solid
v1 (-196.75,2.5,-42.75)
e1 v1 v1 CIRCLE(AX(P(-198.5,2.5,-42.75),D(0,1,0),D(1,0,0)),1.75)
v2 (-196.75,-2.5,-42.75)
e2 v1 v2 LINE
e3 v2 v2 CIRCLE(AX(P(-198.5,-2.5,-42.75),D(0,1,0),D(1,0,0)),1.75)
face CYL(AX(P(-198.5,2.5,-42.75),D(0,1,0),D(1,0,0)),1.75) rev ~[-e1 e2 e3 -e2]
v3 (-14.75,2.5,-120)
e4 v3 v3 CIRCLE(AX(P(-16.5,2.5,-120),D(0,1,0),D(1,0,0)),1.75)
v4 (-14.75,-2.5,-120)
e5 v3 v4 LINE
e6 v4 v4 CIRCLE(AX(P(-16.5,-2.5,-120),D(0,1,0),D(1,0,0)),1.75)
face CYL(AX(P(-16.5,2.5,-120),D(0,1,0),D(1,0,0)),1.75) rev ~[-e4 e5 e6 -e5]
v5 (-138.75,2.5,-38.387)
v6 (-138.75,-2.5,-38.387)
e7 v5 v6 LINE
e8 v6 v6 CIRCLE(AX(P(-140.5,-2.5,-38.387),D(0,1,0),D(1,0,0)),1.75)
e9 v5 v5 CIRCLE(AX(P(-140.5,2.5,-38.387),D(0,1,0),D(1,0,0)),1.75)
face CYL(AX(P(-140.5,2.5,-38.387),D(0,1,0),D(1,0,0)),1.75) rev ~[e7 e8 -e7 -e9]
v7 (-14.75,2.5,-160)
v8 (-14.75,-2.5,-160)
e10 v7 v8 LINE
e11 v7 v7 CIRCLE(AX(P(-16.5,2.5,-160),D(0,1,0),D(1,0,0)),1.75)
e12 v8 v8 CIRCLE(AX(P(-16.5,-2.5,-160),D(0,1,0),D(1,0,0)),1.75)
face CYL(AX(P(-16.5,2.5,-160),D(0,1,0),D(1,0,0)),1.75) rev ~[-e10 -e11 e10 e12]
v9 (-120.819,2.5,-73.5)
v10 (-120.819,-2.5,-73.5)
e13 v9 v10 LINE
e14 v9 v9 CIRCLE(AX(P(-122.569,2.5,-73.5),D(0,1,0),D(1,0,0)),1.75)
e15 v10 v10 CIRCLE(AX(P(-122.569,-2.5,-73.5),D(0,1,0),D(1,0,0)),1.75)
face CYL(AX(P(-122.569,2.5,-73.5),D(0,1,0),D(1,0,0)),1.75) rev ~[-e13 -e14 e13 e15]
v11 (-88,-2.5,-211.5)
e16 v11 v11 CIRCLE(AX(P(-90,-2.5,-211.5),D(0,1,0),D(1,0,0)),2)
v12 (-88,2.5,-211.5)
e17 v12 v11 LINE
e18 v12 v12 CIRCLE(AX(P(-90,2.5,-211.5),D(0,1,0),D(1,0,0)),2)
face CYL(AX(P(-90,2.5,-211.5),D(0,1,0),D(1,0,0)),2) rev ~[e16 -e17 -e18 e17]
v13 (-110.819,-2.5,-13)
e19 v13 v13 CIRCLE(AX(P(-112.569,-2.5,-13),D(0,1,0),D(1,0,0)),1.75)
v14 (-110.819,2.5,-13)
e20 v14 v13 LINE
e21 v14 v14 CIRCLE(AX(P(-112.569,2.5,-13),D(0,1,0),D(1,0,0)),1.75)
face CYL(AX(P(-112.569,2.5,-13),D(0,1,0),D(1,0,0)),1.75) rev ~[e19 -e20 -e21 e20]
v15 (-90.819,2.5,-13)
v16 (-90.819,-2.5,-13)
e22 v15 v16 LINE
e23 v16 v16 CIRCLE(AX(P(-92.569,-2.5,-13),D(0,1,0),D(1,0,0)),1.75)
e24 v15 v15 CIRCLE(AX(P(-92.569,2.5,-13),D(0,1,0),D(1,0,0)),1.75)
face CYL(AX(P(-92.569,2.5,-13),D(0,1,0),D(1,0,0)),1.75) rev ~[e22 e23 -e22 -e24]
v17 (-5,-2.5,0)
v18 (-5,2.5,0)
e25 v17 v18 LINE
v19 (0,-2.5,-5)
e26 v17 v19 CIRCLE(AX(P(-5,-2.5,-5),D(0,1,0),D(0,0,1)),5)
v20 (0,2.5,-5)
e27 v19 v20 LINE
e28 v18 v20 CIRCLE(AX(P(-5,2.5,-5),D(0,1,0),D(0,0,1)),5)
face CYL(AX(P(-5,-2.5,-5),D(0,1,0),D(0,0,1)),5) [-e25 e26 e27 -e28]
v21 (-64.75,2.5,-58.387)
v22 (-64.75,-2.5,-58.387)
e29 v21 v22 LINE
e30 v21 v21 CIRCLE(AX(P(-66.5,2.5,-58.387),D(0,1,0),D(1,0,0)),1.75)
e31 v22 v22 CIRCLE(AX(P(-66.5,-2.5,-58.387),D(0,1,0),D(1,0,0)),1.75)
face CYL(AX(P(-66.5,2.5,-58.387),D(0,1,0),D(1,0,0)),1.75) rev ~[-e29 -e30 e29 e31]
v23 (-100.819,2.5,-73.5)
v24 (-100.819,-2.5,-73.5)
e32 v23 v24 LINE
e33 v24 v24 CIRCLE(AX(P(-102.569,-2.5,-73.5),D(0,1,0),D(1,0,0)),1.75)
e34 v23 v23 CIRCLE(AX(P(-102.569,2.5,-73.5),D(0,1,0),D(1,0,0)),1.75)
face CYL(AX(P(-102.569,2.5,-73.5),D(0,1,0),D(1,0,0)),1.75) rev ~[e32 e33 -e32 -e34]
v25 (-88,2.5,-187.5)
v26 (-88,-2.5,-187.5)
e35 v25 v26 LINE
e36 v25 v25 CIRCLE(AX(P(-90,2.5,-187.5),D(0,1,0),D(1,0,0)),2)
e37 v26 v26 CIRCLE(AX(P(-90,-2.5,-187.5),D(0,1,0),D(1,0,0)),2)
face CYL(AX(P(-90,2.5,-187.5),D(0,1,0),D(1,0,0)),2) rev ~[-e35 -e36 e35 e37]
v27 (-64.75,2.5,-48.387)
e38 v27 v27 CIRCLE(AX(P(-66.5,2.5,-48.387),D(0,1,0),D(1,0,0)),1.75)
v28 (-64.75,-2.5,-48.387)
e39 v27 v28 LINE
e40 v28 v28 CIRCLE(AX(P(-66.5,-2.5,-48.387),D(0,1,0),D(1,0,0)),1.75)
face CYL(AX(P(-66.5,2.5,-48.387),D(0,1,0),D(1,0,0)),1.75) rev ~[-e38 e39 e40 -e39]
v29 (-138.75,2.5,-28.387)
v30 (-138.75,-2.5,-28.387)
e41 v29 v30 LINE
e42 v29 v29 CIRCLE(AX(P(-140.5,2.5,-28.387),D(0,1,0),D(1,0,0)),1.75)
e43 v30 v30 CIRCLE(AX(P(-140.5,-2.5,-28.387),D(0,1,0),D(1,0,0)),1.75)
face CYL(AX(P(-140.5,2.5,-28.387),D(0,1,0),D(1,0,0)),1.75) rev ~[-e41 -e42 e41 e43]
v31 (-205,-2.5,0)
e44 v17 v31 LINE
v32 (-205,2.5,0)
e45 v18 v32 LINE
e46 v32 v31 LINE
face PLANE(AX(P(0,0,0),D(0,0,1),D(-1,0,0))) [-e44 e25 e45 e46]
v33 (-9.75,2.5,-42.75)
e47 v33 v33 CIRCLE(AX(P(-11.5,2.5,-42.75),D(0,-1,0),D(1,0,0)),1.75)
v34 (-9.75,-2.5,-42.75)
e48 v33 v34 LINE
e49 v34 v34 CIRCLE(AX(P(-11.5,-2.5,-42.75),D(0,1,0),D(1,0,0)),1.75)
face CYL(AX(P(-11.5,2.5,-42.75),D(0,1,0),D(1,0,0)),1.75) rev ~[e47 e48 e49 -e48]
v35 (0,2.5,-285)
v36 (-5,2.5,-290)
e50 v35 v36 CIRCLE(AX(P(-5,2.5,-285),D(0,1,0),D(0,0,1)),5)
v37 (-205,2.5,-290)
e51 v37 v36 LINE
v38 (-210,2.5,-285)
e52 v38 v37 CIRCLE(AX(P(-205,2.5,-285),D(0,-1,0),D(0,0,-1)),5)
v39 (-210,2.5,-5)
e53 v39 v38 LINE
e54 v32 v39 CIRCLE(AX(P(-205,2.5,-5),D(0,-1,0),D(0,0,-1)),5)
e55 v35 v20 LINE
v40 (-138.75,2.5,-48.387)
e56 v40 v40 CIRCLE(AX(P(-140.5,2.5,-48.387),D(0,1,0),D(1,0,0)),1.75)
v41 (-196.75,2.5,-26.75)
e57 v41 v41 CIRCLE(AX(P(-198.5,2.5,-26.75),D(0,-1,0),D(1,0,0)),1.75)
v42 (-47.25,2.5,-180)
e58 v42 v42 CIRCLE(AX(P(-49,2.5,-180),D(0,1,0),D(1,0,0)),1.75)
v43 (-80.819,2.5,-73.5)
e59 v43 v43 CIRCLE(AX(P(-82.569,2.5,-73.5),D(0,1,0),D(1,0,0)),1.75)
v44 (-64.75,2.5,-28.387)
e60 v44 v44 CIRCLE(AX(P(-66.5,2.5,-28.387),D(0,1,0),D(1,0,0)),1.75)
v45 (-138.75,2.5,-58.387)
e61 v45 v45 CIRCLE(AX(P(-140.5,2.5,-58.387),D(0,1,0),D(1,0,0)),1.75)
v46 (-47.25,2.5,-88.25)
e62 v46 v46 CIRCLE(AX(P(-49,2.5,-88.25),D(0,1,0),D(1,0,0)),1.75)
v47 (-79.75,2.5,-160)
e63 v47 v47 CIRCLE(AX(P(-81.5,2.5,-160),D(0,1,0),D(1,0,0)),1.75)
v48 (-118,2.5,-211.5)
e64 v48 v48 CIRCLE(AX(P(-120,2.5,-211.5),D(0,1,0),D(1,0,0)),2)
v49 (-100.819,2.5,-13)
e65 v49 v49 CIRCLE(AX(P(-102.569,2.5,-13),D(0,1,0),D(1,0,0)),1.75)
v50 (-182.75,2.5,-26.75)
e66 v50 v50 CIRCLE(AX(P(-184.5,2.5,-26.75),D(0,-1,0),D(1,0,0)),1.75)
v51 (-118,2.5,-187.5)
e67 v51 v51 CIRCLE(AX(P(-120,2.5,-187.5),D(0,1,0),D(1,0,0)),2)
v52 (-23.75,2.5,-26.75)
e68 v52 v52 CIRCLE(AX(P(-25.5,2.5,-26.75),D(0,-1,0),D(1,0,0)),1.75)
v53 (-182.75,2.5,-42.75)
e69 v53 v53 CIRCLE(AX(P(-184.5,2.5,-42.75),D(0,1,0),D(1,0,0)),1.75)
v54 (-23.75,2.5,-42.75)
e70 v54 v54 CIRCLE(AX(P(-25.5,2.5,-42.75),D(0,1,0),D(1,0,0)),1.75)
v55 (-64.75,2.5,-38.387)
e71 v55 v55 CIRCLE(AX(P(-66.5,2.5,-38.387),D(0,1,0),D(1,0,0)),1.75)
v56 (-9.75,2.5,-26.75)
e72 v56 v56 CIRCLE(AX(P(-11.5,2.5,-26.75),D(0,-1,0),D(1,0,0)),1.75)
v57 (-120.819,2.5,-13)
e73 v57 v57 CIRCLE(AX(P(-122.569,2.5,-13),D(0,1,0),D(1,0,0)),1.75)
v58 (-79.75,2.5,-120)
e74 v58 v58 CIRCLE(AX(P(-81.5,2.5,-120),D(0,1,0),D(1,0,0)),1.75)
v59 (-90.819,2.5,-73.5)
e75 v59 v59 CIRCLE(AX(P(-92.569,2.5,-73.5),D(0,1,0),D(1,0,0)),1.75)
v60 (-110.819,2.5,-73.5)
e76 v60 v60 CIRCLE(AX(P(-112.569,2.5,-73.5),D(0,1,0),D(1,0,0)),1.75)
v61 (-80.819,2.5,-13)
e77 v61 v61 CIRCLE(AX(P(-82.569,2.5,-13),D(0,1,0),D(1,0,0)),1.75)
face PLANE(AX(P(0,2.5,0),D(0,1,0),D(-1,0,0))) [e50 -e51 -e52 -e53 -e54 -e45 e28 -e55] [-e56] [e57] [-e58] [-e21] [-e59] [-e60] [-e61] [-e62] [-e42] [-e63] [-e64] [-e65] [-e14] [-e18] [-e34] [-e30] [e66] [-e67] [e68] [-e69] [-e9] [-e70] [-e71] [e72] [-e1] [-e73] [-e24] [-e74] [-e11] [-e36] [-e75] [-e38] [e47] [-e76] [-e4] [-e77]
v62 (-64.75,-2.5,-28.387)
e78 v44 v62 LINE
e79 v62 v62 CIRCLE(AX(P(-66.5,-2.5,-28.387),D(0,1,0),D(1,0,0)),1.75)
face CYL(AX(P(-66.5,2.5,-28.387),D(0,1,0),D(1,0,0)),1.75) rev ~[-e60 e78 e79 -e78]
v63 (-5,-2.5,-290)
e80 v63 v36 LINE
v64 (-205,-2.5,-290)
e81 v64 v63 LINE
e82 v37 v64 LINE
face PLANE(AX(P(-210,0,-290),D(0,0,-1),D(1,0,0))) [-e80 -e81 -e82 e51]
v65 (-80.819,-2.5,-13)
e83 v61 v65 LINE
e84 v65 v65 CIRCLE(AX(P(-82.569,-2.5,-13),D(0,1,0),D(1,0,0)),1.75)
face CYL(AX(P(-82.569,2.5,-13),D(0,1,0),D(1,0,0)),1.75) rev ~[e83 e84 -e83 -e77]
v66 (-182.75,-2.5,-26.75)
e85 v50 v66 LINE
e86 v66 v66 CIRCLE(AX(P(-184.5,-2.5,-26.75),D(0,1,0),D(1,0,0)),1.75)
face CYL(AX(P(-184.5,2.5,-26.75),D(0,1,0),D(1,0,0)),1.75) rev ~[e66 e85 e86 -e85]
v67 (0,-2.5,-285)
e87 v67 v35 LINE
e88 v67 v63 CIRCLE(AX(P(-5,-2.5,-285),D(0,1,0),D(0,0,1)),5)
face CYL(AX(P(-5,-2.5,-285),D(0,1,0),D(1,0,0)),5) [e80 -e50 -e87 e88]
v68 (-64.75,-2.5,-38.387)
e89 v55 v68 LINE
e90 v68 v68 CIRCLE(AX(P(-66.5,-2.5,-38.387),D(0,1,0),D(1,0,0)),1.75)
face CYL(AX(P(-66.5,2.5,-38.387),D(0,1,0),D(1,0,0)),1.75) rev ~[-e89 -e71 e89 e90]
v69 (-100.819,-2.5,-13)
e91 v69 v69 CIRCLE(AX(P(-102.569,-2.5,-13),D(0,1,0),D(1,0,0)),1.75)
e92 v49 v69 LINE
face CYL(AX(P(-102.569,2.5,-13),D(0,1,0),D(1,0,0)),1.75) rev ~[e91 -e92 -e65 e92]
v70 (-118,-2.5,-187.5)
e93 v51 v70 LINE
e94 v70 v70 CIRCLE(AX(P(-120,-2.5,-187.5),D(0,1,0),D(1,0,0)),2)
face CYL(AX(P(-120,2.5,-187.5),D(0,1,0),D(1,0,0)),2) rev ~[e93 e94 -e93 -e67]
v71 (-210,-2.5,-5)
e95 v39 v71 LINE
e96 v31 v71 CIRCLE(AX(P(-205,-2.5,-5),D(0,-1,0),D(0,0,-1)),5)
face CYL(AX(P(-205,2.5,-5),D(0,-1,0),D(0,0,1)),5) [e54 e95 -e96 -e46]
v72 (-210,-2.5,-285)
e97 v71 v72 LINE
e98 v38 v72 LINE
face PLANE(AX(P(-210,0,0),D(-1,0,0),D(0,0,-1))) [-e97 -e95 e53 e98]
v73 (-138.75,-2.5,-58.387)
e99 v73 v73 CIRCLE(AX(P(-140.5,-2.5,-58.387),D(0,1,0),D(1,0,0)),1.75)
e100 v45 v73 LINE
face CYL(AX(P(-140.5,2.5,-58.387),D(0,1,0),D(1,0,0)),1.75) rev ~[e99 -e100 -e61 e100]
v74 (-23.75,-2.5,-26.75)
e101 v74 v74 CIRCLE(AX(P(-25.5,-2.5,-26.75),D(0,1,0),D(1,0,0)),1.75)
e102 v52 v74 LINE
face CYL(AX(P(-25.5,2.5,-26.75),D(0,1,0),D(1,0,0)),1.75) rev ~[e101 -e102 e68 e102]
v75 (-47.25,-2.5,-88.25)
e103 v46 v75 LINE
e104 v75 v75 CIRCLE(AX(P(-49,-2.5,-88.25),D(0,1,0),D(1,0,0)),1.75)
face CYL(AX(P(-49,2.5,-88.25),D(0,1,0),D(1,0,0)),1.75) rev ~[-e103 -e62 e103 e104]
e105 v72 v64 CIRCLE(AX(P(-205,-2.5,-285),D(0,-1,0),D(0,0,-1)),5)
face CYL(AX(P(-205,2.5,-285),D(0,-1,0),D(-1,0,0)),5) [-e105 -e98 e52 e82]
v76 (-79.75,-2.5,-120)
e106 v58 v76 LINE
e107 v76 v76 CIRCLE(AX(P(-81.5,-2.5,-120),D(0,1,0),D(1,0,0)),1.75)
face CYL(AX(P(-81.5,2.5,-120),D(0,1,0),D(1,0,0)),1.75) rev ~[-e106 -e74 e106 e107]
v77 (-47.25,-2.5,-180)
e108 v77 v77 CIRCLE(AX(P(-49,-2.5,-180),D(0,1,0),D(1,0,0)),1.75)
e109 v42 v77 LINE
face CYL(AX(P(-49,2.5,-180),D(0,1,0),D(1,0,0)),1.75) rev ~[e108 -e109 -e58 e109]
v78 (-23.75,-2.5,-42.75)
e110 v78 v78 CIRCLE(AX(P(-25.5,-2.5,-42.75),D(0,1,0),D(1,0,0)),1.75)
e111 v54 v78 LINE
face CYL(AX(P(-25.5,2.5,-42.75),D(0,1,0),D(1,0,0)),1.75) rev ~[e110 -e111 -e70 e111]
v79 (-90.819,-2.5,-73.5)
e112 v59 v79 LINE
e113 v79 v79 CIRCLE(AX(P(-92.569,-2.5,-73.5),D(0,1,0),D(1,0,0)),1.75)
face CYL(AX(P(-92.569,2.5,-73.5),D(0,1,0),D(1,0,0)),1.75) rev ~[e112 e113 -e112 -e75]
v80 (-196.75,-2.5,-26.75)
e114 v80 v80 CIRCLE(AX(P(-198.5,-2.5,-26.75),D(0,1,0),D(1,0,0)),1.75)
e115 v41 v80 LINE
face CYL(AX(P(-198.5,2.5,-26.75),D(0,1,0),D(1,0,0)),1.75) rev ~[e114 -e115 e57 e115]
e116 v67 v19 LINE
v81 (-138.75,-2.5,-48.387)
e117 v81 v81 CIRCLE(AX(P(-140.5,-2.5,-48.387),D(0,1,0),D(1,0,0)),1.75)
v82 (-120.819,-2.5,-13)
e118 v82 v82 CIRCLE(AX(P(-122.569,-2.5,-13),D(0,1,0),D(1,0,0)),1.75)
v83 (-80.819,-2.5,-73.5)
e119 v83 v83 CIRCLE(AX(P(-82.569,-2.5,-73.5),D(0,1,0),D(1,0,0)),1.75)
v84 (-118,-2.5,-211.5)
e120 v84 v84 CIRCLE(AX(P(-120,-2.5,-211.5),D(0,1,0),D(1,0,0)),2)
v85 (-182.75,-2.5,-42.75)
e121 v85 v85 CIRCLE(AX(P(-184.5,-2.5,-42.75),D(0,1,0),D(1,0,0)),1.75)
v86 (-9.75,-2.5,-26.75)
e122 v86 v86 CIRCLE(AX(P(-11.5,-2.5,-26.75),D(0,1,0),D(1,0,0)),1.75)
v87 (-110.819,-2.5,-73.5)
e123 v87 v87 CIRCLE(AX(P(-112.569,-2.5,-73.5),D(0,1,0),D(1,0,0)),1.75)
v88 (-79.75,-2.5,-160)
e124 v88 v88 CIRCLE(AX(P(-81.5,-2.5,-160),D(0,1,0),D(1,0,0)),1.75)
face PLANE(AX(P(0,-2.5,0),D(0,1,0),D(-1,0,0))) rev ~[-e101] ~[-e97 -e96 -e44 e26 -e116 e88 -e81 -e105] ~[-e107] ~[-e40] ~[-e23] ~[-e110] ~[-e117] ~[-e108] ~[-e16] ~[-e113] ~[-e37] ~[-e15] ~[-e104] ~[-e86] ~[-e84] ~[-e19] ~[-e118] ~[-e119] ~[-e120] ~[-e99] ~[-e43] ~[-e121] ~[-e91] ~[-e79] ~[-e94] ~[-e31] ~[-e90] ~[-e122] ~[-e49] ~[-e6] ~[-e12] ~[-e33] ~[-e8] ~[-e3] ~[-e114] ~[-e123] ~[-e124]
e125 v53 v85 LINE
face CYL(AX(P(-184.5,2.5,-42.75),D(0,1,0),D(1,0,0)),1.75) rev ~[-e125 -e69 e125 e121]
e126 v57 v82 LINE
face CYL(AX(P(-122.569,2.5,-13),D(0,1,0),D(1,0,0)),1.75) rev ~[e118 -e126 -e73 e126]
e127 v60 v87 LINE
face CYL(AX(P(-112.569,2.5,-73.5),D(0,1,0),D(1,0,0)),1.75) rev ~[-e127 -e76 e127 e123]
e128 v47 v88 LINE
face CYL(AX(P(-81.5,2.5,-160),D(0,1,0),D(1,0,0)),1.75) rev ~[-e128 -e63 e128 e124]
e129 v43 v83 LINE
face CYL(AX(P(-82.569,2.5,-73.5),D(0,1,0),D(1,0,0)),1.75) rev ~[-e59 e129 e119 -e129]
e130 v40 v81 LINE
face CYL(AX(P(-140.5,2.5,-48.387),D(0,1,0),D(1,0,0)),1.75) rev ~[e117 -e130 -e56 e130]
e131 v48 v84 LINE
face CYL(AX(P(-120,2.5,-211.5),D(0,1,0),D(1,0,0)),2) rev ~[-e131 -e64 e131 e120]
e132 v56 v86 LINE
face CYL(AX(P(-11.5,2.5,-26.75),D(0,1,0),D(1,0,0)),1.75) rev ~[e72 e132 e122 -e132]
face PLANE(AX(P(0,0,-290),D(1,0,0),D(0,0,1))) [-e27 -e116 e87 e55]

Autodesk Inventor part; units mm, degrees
ref_plane "YZ Plane" through (0, 0, 0) normal (1, 0, 0) x (0, 1, 0)
ref_plane "XZ Plane" through (0, 0, 0) normal (0, 1, 0) x (-1, 0, 0)
ref_plane "XY Plane" through (0, 0, 0) normal (0, 0, 1) x (1, 0, 0)
sketch "Sketch1" plane through (0, 0, 0) normal (0, 1, 0) x (-1, 0, 0)
  line L0 (0, 0) -> (210, 0)
  line L1 (210, 0) -> (210, -290)
  line L2 (210, -290) -> (0, -290)
  line L3 (0, -290) -> (0, 0)
  dimension "d0" = 210
  dimension "d1" = 290
extrude "Extrusion1" add sketch "Sketch1" along normal mid plane 5
fillet "Fillet1" radius 5 4 edges at (-210, 0, 0) (0, 0, 0) (0, 0, -290) (-210, 0, -290)
sketch "Sketch3" plane through (0, 2.5, 0) normal (0, 1, 0) x (1, 0, 0)
  line L0 (-105, 318.2465) -> (-105, -30.4668)
  line L1 (0, 5) -> (0, 285) projected
  line L2 (-241.3293, 200) -> (141.5713, 200)
  line L3 (-205, 0) -> (-5, 0) projected
  line L4 (-124, 216) -> (-86, 216)
  line L5 (-86, 216) -> (-86, 184)
  line L6 (-86, 184) -> (-124, 184)
  line L7 (-124, 184) -> (-124, 216)
  circle A0 centre (-90, 187.5) radius 2
  circle A1 centre (-120, 187.5) radius 2
  circle A2 centre (-90, 211.5) radius 2
  circle A3 centre (-120, 211.5) radius 2
  point P0 (0, 0)
  dimension "d20" = 105
  dimension "d21" = 200
  dimension "d22" = 38
  dimension "d23" = 32
  dimension "d24" = 19
  dimension "d25" = 16
  dimension "d26" = 4
  dimension "d27" = 1.5
  dimension "d28" = 2
  dimension "d31" = 30
  dimension "d34" = 24
extrude "Extrusion3" cut sketch "Sketch3" against normal blind 11 contours A0 | A1 | A2 | A3
sketch "Sketch7" plane through (0, 2.5, 0) normal (0, 1, 0) x (1, 0, 0)
  line L0 (-218.7677, 26.75) -> (12.5844, 26.75)
  line L1 (-205, 0) -> (-5, 0) projected
  line L2 (-11.5, -8.2138) -> (-11.5, 118.2884)
  line L3 (0, 5) -> (0, 285) projected
  circle A0 centre (-11.5, 26.75) radius 1.75
  circle A1 centre (-11.5, 42.75) radius 1.75
  circle A2 centre (-25.5, 26.75) radius 1.75
  circle A3 centre (-25.5, 42.75) radius 1.75
  line L4 (-105, -15.1628) -> (-105, 162.668)
  circle A4 centre (-198.5, 26.75) radius 1.75
  circle A5 centre (-198.5, 42.75) radius 1.75
  circle A6 centre (-184.5, 26.75) radius 1.75
  circle A7 centre (-184.5, 42.75) radius 1.75
  point P0 (0, 0)
  dimension "d45" = 26.75
  dimension "d46" = 11.5
  dimension "d47" = 3.5
  dimension "d50" = 16
  dimension "d53" = 14
  dimension "d56" = 105
extrude "Extrusion6" cut sketch "Sketch7" against normal through all contours A4 L0 | A1 L2 | L2 A1 | A6 L0 | L0 A6 | L0 A4 | A2 L0 | L0 A2 | A0 L2 L0 | L0 L2 A0 | L2 L0 A0 | L2 A0 L0 | A3 | A5 | A7
sketch "Sketch8" plane through (0, 2.5, 0) normal (0, 1, 0) x (1, 0, 0)
  circle A0 centre (-66.5, 58.387) radius 1.75
  line L0 (0, 5) -> (0, 285) projected
  circle A1 centre (-140.5, 58.387) radius 1.75
  circle A2 centre (-66.5, 48.387) radius 1.75
  circle A3 centre (-66.5, 38.387) radius 1.75
  circle A4 centre (-66.5, 28.387) radius 1.75
  circle A5 centre (-140.5, 48.387) radius 1.75
  circle A6 centre (-140.5, 38.387) radius 1.75
  circle A7 centre (-140.5, 28.387) radius 1.75
  circle A8 centre (-122.569, 73.5) radius 1.75
  line L1 (-205, 0) -> (-5, 0) projected
  circle A9 centre (-112.569, 73.5) radius 1.75
  circle A10 centre (-102.569, 73.5) radius 1.75
  circle A11 centre (-92.569, 73.5) radius 1.75
  circle A12 centre (-82.569, 73.5) radius 1.75
  circle A13 centre (-122.569, 13) radius 1.75
  circle A14 centre (-112.569, 13) radius 1.75
  circle A15 centre (-102.569, 13) radius 1.75
  circle A16 centre (-92.569, 13) radius 1.75
  circle A17 centre (-82.569, 13) radius 1.75
  point P0 (0, 0)
  dimension "d59" = 3.5
  dimension "d60" = 66.5
  dimension "d61" = 3.5
  dimension "d62" = 74
  dimension "d70" = 10
  dimension "d74" = 10
  dimension "d79" = 3.5
  dimension "d80" = 73.5
  dimension "d83" = 10
  dimension "d88" = 3.5
  dimension "d89" = 13
  dimension "d92" = 10
extrude "Extrusion7" cut sketch "Sketch8" against normal through all
sketch "Sketch9" plane through (0, 2.5, 0) normal (0, 1, 0) x (1, 0, 0)
  circle A0 centre (-16.5, 160) radius 1.75
  line L0 (0, 5) -> (0, 285) projected
  line L1 (-205, 0) -> (-5, 0) projected
  circle A1 centre (-81.5, 160) radius 1.75
  circle A2 centre (-16.5, 120) radius 1.75
  circle A3 centre (-81.5, 120) radius 1.75
  circle A4 centre (-49, 180) radius 1.75
  circle A5 centre (-49, 88.25) radius 1.75
  point P0 (0, 0)
  dimension "d97" = 3.5
  dimension "d98" = 16.5
  dimension "d101" = 160
  dimension "d104" = 65
  dimension "d107" = 40
  dimension "d110" = 3.5
  dimension "d112" = 32.5
  dimension "d113" = 180
  dimension "d114" = 3.5
  dimension "d115" = 88.25
extrude "Extrusion8" cut sketch "Sketch9" against normal through all
equation "\"d24\" = 0.5 * d22"
equation "\"d25\" = 0.5 * d23"
equation "\"d112\" = 0.5 * d104"
properties part number "nova_base"
